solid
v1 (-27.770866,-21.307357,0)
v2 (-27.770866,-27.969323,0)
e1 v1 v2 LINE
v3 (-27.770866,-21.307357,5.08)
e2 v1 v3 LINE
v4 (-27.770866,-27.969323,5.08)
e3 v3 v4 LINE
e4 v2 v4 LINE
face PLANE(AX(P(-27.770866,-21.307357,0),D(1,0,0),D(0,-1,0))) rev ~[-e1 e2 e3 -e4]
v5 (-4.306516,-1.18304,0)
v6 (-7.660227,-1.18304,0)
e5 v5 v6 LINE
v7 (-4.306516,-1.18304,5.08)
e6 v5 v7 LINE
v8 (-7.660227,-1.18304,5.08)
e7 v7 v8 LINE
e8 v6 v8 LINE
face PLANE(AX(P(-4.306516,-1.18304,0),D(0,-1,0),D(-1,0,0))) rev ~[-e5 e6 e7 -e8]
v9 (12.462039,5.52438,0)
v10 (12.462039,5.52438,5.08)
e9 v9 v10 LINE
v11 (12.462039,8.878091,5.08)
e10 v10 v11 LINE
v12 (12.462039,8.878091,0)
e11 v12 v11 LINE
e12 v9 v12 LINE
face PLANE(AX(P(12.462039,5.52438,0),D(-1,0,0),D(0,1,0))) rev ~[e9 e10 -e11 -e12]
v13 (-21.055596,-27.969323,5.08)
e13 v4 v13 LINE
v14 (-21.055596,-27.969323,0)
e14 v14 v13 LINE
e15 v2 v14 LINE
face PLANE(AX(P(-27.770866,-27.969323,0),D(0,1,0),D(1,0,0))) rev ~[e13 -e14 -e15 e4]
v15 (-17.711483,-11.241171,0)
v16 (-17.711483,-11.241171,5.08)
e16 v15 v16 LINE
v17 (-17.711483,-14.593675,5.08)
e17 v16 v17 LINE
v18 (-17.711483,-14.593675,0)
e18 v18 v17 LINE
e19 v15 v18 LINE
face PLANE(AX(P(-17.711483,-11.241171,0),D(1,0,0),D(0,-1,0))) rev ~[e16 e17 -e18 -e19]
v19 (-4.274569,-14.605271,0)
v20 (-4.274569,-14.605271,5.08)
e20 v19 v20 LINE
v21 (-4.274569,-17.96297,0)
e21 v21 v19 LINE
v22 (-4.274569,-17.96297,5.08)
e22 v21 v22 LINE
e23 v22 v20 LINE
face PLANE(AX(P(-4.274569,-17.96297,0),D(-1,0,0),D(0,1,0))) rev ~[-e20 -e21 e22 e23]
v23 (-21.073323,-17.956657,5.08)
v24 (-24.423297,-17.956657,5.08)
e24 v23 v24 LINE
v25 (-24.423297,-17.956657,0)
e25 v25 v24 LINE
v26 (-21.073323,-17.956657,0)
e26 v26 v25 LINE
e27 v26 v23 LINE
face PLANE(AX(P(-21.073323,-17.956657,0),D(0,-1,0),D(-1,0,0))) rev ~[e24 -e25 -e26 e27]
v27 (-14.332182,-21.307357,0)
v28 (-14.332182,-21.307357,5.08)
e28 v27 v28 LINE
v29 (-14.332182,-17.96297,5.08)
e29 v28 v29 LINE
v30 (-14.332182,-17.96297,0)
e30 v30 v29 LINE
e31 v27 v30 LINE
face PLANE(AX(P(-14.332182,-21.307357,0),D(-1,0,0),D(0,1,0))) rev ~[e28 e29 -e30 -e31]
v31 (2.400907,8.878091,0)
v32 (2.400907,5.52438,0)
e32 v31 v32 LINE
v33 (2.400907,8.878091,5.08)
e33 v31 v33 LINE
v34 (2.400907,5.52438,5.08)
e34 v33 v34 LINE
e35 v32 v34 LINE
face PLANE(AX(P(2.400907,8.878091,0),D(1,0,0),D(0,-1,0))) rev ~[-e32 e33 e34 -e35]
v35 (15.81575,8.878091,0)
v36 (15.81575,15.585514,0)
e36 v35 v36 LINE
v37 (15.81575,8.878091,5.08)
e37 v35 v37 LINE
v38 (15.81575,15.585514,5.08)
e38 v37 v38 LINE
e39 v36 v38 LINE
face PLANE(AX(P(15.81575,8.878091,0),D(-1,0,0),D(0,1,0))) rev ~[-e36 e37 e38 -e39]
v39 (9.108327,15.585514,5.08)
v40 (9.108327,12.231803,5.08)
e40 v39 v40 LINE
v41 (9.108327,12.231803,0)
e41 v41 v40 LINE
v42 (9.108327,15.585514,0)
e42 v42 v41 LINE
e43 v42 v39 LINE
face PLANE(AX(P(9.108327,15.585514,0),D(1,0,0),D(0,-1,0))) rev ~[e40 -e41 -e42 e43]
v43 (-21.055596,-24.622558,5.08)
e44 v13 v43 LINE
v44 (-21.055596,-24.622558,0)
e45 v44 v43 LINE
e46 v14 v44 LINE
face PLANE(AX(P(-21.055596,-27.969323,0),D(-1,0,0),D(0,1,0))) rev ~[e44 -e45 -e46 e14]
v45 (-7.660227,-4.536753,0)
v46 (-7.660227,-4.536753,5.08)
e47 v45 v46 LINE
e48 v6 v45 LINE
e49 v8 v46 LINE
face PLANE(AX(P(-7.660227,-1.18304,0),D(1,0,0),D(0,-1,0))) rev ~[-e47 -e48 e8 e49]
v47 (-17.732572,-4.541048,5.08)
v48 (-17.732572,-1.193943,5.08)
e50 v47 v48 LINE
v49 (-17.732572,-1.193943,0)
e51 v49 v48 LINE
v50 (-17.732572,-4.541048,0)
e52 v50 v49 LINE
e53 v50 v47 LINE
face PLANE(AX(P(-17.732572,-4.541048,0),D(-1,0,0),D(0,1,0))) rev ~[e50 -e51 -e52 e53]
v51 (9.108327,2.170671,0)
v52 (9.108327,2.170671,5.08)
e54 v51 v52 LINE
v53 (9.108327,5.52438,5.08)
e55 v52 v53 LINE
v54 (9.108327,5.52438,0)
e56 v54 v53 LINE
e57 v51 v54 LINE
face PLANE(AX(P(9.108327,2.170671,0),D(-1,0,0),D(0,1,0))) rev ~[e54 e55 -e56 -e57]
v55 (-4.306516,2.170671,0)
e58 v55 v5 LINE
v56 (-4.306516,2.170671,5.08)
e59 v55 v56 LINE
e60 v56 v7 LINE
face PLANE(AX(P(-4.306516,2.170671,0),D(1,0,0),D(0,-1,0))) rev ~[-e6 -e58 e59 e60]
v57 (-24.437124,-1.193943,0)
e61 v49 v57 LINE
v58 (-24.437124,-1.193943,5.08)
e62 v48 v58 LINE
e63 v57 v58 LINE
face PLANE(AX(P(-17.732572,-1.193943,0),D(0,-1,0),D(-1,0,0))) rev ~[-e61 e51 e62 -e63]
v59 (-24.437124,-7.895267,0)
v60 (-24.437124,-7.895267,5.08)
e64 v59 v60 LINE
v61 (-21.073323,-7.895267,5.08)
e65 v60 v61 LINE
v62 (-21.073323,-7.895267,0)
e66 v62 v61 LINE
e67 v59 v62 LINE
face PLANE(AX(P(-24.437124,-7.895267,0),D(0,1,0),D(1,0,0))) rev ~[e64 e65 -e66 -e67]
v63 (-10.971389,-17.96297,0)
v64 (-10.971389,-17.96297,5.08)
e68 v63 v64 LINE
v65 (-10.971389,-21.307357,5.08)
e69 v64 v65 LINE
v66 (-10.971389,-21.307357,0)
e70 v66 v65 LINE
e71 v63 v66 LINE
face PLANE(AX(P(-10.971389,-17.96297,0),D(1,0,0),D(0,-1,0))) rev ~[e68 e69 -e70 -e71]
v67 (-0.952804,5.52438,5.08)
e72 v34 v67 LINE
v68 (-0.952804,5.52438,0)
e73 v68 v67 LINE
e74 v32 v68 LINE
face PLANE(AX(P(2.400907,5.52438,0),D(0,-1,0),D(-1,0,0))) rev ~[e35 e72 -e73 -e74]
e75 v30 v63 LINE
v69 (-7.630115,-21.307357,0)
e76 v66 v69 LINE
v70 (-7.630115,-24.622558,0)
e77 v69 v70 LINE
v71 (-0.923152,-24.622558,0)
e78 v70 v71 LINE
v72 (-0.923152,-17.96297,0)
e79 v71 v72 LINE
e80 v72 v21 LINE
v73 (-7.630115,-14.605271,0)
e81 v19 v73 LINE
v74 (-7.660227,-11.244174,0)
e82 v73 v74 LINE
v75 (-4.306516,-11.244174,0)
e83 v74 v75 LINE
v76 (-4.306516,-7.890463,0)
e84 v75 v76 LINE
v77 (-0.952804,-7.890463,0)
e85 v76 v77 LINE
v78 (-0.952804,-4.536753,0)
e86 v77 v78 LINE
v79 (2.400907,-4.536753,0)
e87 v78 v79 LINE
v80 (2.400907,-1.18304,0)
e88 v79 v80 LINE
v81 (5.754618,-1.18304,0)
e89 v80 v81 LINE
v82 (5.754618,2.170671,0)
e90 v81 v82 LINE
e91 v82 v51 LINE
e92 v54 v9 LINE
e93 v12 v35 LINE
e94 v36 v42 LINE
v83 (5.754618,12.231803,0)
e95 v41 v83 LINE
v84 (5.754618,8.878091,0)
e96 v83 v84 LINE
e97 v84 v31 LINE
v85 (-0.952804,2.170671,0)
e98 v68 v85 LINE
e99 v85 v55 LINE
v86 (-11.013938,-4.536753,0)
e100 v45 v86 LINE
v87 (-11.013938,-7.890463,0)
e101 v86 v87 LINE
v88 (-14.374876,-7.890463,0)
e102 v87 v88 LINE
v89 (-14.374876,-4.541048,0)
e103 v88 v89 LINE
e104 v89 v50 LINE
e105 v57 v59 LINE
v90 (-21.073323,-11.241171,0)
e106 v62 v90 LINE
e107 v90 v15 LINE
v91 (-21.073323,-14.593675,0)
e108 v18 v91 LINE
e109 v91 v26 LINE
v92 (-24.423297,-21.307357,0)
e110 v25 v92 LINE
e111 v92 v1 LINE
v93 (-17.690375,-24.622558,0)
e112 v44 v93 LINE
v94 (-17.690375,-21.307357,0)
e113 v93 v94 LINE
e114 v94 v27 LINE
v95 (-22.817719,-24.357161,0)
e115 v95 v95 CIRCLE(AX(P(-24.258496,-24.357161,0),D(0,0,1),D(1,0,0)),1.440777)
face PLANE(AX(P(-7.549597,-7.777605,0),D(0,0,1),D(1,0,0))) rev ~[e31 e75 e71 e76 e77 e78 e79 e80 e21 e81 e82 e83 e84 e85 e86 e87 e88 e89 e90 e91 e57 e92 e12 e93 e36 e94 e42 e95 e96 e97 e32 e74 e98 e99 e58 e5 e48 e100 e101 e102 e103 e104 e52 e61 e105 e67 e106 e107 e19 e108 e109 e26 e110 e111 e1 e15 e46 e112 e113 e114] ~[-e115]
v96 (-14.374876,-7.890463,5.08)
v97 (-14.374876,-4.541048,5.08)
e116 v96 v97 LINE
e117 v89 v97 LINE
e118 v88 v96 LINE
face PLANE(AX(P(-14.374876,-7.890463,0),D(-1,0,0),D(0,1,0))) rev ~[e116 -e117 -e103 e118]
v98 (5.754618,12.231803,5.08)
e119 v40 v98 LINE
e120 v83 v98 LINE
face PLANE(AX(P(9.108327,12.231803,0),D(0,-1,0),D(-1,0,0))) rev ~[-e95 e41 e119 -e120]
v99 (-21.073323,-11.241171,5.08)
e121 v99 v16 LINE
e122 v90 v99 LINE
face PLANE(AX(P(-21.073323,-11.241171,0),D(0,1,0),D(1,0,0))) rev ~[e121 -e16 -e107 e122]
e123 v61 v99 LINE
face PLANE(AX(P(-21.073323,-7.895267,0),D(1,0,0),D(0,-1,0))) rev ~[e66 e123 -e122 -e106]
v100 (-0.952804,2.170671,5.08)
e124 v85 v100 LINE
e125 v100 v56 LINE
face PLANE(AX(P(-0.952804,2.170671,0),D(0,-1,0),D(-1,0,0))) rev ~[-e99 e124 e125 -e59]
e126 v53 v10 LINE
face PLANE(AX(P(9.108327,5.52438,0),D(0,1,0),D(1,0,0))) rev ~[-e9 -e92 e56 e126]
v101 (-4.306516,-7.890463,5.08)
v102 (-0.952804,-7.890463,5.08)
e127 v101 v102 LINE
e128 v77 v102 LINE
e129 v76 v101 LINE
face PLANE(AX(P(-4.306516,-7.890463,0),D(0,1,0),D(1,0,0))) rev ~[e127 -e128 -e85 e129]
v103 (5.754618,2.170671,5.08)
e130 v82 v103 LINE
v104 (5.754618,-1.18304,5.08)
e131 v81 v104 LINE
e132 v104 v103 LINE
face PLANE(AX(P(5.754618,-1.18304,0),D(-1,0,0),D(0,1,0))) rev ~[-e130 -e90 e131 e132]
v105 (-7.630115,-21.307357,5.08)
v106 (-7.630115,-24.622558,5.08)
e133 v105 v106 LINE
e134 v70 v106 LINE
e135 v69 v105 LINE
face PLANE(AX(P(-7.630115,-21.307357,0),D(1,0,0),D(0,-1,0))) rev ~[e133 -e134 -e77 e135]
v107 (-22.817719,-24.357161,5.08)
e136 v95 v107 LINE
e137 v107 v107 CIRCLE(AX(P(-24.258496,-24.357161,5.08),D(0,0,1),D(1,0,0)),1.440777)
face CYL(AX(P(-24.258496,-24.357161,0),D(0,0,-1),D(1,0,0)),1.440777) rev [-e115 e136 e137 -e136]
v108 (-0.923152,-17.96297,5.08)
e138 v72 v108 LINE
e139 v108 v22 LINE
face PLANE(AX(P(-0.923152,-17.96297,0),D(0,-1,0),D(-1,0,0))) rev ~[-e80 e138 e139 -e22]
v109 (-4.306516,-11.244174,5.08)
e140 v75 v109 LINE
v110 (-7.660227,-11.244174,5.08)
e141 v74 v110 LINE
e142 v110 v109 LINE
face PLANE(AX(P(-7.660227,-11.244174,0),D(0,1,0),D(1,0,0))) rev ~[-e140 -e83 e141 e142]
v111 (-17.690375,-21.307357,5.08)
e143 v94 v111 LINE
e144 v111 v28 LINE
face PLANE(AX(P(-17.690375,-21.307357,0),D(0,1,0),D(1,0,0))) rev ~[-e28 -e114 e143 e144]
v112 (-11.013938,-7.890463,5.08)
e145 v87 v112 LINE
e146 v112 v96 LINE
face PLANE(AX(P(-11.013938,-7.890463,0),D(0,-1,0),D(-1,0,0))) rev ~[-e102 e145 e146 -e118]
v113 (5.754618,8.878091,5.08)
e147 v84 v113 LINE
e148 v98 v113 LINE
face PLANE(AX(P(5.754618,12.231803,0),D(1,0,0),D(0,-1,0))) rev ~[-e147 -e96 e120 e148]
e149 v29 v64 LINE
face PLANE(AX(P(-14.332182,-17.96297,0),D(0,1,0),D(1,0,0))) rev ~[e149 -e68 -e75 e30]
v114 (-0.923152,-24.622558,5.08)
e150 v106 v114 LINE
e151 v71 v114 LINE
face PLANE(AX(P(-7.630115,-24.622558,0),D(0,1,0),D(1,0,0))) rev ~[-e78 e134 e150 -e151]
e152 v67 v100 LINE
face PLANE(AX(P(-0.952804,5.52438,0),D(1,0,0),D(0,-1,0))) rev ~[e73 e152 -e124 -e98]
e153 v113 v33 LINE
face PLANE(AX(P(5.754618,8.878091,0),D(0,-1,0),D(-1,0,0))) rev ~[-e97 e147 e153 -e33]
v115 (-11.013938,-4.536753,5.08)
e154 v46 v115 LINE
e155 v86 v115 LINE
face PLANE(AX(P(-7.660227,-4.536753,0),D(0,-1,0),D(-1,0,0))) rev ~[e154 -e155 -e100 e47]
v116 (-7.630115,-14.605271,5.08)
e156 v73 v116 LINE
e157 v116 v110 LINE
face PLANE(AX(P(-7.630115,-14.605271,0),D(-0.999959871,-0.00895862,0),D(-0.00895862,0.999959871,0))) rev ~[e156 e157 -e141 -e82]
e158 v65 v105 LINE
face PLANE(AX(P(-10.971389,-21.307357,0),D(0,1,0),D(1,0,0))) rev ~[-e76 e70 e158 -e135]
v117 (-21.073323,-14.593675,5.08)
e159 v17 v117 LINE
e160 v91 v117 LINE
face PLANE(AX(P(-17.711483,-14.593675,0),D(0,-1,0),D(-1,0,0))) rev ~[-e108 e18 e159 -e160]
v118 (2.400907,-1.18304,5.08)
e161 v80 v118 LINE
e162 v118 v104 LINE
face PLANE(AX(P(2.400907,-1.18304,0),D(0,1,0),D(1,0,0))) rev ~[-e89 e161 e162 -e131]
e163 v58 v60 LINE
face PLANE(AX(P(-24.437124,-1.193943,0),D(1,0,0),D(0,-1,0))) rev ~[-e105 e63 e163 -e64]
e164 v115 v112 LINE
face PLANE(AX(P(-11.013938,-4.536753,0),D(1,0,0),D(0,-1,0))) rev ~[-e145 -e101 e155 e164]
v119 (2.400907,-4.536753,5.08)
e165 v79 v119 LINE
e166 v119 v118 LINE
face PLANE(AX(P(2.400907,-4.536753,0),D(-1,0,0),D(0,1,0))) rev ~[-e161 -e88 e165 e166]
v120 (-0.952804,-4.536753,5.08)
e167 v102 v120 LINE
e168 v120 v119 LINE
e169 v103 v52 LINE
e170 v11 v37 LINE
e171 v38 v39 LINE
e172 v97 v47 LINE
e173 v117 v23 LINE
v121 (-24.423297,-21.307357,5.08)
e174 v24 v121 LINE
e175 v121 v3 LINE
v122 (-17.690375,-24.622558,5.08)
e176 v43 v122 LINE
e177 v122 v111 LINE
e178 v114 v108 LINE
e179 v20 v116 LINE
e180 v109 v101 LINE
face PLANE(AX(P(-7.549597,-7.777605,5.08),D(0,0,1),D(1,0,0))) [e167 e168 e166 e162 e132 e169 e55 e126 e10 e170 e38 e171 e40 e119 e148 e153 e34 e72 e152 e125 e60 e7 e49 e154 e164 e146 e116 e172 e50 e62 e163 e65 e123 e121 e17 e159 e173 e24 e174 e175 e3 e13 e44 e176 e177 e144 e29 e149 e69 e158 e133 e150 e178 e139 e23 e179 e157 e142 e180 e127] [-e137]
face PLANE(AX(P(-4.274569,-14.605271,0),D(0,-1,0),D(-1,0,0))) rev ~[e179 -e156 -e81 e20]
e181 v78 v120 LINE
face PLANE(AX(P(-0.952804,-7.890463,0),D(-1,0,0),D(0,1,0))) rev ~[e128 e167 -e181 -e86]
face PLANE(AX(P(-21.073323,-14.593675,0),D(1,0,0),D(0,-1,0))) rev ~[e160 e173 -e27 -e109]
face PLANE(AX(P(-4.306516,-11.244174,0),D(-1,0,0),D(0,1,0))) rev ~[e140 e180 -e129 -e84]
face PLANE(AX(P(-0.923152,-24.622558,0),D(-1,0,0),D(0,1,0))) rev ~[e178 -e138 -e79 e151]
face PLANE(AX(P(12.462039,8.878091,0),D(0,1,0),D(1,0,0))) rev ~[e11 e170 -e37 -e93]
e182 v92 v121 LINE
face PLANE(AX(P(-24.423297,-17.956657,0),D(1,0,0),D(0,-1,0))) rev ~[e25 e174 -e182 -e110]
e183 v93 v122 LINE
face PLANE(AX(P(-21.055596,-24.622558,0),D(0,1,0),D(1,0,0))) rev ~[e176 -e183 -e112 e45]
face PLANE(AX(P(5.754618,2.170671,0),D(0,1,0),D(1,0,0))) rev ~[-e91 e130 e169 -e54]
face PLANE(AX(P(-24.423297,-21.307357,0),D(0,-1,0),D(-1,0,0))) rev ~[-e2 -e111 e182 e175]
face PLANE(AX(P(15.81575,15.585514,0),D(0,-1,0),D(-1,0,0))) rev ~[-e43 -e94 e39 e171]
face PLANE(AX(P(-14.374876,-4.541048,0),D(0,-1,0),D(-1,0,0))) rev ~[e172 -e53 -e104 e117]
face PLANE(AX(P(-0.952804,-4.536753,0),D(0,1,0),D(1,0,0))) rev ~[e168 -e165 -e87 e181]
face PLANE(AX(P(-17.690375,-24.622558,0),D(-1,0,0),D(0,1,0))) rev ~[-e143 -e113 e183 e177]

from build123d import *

# Parameters (mm, degrees)
F0_R     = 1.440777
F1_DEPTH = 5.08


with BuildPart() as f1:
    # F0 (on Top) → F1 (new body)
    with BuildSketch(Plane.XY):
        Polygon((-11.013938, -4.536753), (-11.013938, -7.890463), (-14.374876, -7.890463), (-14.374876, -4.541048), (-17.732572, -4.541048), (-17.732572, -1.193943), (-21.073323, -1.193943), (-24.437124, -1.193943), (-24.437124, -7.895267), (-21.073323, -7.895267), (-21.073323, -11.241171), (-17.711483, -11.241171), (-17.711483, -14.593675), (-21.073323, -14.593675), (-21.073323, -17.956657), (-24.423297, -17.956657), (-24.423297, -21.307357), (-27.770866, -21.307357), (-27.770866, -27.969323), (-21.055596, -27.969323), (-21.055596, -24.622558), (-17.690375, -24.622558), (-17.690375, -21.307357), (-14.332182, -21.307357), (-14.332182, -17.96297), (-10.971389, -17.96297), (-10.971389, -21.307357), (-7.630115, -21.307357), (-7.630115, -24.622558), (-4.274569, -24.622558), (-0.923152, -24.622558), (-0.923152, -17.96297), (-4.274569, -17.96297), (-4.274569, -14.605271), (-7.630115, -14.605271), (-7.660227, -11.244174), (-4.306516, -11.244174), (-4.306516, -7.890463), (-0.952804, -7.890463), (-0.952804, -4.536753), (2.400907, -4.536753), (2.400907, -1.18304), (5.754618, -1.18304), (5.754618, 2.170671), (9.108327, 2.170671), (9.108327, 5.52438), (12.462039, 5.52438), (12.462039, 8.878091), (15.81575, 8.878091), (15.81575, 15.585514), (9.108327, 15.585514), (9.108327, 12.231803), (5.754618, 12.231803), (5.754618, 8.878091), (2.400907, 8.878091), (2.400907, 5.52438), (-0.952804, 5.52438), (-0.952804, 2.170671), (-4.306516, 2.170671), (-4.306516, -1.18304), (-7.660227, -1.18304), (-7.660227, -4.536753), align=None)
        with Locations((-24.258496, -24.357161)):
            Circle(F0_R, mode=Mode.SUBTRACT)
    extrude(amount=F1_DEPTH)


solid = f1.part
